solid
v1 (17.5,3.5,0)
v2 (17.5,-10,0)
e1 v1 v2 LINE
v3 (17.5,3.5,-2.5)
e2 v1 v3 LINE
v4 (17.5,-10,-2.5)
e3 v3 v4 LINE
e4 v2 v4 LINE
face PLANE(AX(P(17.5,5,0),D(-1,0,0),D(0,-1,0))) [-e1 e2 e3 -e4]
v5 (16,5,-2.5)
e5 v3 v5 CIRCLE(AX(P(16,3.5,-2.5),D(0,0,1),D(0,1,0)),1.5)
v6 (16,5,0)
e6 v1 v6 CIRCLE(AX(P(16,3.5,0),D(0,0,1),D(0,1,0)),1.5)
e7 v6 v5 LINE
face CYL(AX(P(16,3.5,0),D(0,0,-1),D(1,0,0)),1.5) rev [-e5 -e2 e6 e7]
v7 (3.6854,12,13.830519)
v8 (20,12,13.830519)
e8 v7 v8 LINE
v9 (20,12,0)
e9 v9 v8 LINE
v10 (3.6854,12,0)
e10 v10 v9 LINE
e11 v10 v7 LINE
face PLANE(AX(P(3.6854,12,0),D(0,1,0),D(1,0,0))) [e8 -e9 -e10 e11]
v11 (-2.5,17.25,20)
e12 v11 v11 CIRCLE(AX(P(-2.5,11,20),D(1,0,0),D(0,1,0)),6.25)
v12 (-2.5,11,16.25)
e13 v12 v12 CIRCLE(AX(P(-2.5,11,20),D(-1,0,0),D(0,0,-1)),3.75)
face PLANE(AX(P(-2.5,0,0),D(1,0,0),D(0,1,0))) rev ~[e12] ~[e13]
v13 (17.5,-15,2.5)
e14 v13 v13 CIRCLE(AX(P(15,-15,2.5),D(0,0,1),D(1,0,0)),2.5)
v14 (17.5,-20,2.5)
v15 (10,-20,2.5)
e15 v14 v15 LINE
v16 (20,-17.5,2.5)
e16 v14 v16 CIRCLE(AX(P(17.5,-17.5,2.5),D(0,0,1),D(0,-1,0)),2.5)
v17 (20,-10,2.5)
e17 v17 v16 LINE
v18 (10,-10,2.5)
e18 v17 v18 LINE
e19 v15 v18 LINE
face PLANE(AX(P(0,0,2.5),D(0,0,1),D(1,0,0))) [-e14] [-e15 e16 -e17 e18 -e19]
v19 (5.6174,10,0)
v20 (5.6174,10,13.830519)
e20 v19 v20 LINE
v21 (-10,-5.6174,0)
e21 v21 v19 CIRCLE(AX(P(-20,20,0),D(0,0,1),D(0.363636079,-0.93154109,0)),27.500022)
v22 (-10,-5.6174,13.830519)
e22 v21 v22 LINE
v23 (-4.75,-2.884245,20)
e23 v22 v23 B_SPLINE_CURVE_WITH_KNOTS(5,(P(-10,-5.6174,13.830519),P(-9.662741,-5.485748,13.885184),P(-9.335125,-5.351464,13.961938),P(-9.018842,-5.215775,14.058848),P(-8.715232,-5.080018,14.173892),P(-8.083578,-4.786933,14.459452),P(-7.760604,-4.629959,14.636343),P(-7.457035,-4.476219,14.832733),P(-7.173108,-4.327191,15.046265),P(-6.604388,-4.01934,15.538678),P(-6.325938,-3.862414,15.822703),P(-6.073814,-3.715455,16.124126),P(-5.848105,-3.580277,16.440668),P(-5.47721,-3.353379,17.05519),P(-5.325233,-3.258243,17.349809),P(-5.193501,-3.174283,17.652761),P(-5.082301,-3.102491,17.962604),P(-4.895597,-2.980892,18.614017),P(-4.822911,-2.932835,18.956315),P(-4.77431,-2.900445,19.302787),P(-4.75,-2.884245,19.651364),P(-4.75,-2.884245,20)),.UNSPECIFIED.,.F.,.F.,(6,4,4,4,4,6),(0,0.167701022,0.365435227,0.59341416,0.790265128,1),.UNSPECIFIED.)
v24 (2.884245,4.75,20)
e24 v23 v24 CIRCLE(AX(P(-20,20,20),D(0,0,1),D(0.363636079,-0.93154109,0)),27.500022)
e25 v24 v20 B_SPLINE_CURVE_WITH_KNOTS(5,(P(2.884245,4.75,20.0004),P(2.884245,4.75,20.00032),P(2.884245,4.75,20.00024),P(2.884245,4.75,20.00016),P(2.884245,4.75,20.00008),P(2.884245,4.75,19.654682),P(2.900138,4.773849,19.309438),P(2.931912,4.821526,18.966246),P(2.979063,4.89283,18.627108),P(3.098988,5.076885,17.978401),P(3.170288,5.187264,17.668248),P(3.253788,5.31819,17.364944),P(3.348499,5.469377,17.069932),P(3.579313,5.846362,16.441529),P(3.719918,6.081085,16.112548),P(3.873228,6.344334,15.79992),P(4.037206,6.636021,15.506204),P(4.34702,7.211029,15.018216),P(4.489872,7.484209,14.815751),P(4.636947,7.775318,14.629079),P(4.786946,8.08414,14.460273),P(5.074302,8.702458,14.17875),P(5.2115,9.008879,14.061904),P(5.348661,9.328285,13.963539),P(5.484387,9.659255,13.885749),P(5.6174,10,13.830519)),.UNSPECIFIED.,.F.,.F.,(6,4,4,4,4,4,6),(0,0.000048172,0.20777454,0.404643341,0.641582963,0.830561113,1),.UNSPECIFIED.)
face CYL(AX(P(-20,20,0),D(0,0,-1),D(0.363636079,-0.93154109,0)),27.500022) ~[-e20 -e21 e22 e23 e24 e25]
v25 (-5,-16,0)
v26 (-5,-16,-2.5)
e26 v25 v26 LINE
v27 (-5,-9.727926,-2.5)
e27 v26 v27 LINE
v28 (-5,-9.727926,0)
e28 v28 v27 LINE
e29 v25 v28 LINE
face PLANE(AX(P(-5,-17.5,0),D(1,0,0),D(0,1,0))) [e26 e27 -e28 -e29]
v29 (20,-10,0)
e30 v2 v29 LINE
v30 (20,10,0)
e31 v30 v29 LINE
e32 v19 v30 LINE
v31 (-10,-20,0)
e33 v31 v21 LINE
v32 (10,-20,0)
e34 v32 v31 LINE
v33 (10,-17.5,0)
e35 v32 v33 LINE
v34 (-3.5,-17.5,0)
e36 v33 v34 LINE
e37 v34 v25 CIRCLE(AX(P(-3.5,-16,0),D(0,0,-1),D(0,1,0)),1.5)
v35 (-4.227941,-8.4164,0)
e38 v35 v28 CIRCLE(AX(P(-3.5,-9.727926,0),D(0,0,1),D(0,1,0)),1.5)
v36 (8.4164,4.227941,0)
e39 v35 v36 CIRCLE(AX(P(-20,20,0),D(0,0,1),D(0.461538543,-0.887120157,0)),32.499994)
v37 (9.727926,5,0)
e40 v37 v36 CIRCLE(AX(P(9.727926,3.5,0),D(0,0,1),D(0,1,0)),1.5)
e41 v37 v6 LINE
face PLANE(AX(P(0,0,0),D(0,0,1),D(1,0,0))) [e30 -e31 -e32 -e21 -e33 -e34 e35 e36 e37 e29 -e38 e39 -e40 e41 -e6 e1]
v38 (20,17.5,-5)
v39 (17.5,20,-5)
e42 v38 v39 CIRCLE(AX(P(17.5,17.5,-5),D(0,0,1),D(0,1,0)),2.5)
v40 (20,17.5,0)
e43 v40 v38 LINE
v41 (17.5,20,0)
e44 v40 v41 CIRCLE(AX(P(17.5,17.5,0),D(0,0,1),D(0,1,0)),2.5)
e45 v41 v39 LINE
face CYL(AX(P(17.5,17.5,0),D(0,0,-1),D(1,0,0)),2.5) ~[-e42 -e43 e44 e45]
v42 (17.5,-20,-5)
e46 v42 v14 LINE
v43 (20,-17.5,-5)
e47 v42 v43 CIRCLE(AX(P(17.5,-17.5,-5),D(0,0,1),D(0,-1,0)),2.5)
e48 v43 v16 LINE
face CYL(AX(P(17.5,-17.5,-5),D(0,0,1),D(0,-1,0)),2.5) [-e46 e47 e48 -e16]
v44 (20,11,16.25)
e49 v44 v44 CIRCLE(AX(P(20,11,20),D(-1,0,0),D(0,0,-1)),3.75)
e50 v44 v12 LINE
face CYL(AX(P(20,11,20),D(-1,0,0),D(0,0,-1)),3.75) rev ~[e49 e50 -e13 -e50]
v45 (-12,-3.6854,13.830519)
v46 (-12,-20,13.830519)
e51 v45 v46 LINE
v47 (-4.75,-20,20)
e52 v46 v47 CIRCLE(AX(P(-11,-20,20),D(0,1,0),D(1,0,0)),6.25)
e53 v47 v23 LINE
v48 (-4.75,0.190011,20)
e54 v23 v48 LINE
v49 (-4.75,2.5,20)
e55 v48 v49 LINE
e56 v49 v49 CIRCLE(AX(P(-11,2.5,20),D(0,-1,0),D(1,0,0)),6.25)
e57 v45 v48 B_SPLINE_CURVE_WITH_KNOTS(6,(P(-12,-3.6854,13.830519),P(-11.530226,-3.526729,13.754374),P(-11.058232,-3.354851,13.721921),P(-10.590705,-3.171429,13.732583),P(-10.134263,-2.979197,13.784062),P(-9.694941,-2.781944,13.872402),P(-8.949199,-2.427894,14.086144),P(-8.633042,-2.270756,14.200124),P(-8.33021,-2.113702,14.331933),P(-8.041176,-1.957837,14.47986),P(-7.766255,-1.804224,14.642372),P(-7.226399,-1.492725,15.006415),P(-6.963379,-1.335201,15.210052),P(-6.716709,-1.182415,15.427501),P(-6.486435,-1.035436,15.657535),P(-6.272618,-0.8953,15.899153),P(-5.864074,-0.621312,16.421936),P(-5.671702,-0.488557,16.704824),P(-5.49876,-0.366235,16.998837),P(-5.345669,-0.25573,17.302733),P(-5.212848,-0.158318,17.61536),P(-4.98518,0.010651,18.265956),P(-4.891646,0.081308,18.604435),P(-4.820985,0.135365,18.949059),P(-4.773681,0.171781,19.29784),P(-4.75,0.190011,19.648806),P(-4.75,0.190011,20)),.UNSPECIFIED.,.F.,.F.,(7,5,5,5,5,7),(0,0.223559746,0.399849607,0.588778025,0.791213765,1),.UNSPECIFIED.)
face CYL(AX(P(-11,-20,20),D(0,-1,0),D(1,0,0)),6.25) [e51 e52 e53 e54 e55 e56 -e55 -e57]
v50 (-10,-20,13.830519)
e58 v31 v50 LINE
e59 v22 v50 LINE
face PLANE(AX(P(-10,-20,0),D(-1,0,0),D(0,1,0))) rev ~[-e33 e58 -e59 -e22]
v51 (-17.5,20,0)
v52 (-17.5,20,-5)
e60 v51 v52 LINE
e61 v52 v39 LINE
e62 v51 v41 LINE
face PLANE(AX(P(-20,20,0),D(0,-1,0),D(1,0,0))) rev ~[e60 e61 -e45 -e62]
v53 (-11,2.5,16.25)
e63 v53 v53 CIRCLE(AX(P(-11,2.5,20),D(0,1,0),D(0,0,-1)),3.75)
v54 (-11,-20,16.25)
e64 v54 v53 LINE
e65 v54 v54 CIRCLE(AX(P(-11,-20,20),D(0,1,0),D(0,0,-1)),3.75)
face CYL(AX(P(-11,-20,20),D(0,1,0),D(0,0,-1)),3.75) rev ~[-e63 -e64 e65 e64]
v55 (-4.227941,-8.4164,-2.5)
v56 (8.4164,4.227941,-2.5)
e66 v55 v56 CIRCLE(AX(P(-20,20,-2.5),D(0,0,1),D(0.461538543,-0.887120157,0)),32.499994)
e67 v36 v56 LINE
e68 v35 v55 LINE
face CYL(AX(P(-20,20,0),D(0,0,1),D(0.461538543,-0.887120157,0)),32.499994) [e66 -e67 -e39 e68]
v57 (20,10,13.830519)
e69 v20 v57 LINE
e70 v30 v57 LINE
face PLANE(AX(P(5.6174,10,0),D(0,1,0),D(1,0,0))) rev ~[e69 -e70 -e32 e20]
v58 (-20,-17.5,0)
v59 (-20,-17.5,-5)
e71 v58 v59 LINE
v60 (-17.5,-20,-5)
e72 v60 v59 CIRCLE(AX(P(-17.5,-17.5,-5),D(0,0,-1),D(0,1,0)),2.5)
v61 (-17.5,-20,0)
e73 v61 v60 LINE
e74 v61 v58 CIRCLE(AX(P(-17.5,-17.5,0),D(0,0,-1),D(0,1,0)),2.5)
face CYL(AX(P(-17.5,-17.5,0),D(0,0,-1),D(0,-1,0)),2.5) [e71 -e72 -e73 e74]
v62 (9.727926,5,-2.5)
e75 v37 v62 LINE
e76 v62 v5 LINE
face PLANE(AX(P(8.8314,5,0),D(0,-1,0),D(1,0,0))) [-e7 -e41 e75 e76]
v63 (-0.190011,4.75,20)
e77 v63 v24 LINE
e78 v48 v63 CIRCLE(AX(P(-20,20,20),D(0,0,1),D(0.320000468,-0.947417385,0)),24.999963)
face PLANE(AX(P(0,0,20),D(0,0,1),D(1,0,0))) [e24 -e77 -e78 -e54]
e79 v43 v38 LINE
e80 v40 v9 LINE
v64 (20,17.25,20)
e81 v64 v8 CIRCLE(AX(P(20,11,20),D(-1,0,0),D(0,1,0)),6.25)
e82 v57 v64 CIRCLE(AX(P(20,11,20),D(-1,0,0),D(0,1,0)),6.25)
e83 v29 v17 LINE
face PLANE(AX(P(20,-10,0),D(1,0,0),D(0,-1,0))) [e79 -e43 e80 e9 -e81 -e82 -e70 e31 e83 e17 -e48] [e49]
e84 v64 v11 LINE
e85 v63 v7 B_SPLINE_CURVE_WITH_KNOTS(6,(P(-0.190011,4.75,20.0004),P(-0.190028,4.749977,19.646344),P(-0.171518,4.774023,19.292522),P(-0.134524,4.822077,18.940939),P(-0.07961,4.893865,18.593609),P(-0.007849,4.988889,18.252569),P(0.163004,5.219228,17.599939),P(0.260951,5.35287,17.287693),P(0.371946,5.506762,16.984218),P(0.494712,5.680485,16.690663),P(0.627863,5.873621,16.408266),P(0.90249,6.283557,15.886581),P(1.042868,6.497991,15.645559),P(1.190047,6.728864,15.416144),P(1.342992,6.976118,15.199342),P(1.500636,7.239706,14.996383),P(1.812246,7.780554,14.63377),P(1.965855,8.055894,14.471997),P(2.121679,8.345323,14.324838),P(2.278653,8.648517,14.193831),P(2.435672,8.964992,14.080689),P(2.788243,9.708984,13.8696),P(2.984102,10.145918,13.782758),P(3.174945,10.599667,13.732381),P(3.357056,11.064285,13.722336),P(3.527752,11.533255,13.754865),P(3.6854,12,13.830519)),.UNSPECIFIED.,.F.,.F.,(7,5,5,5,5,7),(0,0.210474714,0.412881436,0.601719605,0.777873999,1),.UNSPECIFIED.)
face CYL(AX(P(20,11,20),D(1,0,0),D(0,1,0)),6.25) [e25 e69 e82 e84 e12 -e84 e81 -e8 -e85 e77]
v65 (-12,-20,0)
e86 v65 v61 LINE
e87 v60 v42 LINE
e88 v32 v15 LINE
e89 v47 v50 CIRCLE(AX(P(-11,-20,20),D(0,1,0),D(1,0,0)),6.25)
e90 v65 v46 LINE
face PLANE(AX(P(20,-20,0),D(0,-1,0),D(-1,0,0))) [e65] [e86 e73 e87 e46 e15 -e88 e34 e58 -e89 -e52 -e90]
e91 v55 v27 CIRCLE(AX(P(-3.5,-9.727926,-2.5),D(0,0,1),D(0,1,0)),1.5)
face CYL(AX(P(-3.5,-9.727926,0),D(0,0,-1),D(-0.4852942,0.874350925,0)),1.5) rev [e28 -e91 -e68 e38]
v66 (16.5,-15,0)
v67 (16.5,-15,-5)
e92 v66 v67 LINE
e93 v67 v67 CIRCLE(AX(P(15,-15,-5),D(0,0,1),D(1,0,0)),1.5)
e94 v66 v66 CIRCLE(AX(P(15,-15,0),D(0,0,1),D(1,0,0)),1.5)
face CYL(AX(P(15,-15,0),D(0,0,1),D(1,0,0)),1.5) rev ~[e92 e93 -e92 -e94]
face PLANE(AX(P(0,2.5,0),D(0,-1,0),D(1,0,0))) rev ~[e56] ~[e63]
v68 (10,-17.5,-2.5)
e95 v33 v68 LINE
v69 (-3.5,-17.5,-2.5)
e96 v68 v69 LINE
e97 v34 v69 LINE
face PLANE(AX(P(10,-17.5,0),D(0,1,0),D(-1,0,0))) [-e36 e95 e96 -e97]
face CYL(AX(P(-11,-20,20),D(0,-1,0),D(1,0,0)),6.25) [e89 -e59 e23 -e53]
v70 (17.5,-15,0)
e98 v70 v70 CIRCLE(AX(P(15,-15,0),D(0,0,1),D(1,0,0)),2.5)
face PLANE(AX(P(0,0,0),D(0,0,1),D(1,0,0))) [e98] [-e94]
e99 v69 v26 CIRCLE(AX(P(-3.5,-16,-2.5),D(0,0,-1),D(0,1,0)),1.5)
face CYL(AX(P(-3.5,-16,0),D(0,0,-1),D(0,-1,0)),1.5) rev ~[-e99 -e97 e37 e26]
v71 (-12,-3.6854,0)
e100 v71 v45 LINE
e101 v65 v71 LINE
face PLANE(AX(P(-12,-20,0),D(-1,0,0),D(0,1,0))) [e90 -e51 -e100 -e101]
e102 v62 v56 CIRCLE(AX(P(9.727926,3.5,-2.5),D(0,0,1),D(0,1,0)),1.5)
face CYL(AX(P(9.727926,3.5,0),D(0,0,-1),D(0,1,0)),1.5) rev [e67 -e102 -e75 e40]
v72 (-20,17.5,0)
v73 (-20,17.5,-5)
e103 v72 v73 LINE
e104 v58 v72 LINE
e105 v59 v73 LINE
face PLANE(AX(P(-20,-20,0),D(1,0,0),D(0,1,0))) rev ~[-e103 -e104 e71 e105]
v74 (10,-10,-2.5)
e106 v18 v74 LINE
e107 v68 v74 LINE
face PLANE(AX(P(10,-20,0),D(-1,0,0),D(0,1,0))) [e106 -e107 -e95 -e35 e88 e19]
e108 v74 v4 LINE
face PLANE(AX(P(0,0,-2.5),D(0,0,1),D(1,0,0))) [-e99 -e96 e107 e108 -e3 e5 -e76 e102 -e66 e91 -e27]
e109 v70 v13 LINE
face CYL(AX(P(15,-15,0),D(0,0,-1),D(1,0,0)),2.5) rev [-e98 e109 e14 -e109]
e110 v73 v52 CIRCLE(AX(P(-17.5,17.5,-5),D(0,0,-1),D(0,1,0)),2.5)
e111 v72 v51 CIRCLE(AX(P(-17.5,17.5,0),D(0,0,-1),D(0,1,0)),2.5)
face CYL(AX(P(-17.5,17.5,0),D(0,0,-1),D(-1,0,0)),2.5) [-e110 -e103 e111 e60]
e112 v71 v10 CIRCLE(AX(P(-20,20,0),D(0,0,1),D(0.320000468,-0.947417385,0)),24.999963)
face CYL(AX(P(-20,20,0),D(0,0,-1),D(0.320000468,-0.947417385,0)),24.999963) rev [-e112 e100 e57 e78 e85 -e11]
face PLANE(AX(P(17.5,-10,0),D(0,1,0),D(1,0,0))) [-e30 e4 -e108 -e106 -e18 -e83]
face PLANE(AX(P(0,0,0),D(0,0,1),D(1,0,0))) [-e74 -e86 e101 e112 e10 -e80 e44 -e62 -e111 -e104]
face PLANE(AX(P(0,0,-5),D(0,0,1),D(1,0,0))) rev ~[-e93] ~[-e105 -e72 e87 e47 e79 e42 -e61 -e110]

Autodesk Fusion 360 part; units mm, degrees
sketch "Sketch1" plane through (0, 0, 0) normal (0, 0, 1) x (1, 0, 0)
  line L0 (20, -20) -> (-20, -20)
  line L1 (-20, -20) -> (-20, 20)
  line L2 (-20, 20) -> (20, 20)
  line L3 (20, 20) -> (20, -20)
  line L4 (-20, -20) -> (20, 20) construction
  line L5 (20, -20) -> (10, -20)
  line L6 (10, -20) -> (10, -10)
  line L7 (10, -10) -> (20, -10)
  line L8 (20, -10) -> (20, -20)
  line L9 (-12, -20) -> (-12, -3.6854)
  line L10 (3.6854, 12) -> (20, 12)
  line L11 (-10, -20) -> (-10, -5.6174)
  line L12 (5.6174, 10) -> (20, 10)
  arc A0 (-10, -5.6174) -> (5.6174, 10) centre (-20, 20) ccw
  arc A1 (-12, -3.6854) -> (3.6854, 12) centre (-20, 20) ccw
  line L13 (20, -20) -> (-2.3223, 2.3223) construction
  line L14 (-10, 10) -> (-20, 20) construction
  line L15 (17.5, 5) -> (17.5, -10)
  line L16 (10, -17.5) -> (-5, -17.5)
  line L17 (-5, -17.5) -> (-5, -8.8314)
  arc A2 (-5, -8.8314) -> (8.8314, 5) centre (-20, 20) ccw
  line L18 (8.8314, 5) -> (17.5, 5)
  circle A3 centre (15, -15) radius 2.5
  circle A4 centre (15, -15) radius 1.5
  dimension "d1" = 40
  dimension "d2" = 40
  dimension "d3" = 10
  dimension "d4" = 10
  dimension "d5" = 50
  dimension "d6" = 55
  dimension "d7" = 8
  dimension "d9" = 2.5
  dimension "d10" = 2.5
  dimension "d12" = 5
  dimension "d13" = 3
  dimension "d14" = 5
extrude "Extrude1" add sketch "Sketch1" against normal blind 5 contours L0 L3 L5 L6 L7 L8 | L0 L3 L6 L7 L11 L12 A0 L15 L16 L17 A2 L18 | L0 L3 L9 L10 L11 L12 A0 A1 | L6 L7 L15 L16 L17 A2 L18 | L0 L1 L2 L3 L9 L10 A1 | A3 | A4
extrude "Extrude2" cut sketch "Sketch1" against normal blind 2.5 contours L6 L7 L15 L16 L17 A2 L18
extrude "Extrude3" cut sketch "Sketch1" against normal blind 17 contours A4
extrude "Extrude4" add sketch "Sketch1" along normal blind 2.5 contours L0 L3 L5 L6 L7 L8
extrude "Extrude5" add sketch "Sketch1" along normal blind 20 contours L0 L3 L9 L10 L11 L12 A0 A1
fillet "Fillet1" radius 2.5 4 edges at (20, -20, -1.25) (20, 20, -2.5) (-20, -20, -2.5) (-20, 20, -2.5)
fillet "Fillet2" radius 1.5 4 edges at (-5, -8.8314, -1.25) (8.8314, 5, -1.25) (-5, -17.5, -1.25) (17.5, 5, -1.25)
sketch "Sketch2" plane through (0, -20, 0) normal (0, -1, 0) x (1, 0, 0)
  line L0 (-17.5, 0) -> (-17.5, -5)
  line L1 (-17.5, -5) -> (17.5, -5)
  line L2 (17.5, -5) -> (17.5, 2.5)
  line L3 (17.5, 2.5) -> (10, 2.5)
  line L4 (10, 2.5) -> (10, 0)
  line L5 (10, 0) -> (-10, 0)
  line L6 (-10, 0) -> (-10, 20)
  line L7 (-10, 20) -> (-12, 20)
  line L8 (-12, 20) -> (-12, 0)
  line L9 (-12, 0) -> (-17.5, 0)
  circle A0 centre (-11, 20) radius 6.25
  dimension "d29" = 12.5
extrude "Extrude6" add sketch "Sketch2" against normal blind 22.5 contours L6 L7 L8 A0 | L6 L7 L8 A0
sketch "Sketch3" plane through (20, 0, 0) normal (1, 0, 0) x (0, 1, 0)
  line L0 (17.5, -5) -> (17.5, 0)
  line L1 (17.5, 0) -> (12, 0)
  line L2 (12, 0) -> (12, 20)
  line L3 (12, 20) -> (10, 20)
  line L4 (10, 20) -> (10, 0)
  line L5 (10, 0) -> (-10, 0)
  line L6 (-10, 0) -> (-10, 2.5)
  line L7 (-10, 2.5) -> (-17.5, 2.5)
  line L8 (-17.5, 2.5) -> (-17.5, -5)
  line L9 (-17.5, -5) -> (17.5, -5)
  circle A0 centre (11, 20) radius 6.25
  dimension "d32" = 12.5
extrude "Extrude7" add sketch "Sketch3" against normal blind 22.5 contours L2 L3 L4 A0 | L2 L3 L4 A0
hole "Hole1" at (-11, -20, 20) direction (0, 1, 0) diameter 7.5 end through all
hole "Hole2" at (20, 11, 20) direction (-1, 0, 0) diameter 7.5 end through all
